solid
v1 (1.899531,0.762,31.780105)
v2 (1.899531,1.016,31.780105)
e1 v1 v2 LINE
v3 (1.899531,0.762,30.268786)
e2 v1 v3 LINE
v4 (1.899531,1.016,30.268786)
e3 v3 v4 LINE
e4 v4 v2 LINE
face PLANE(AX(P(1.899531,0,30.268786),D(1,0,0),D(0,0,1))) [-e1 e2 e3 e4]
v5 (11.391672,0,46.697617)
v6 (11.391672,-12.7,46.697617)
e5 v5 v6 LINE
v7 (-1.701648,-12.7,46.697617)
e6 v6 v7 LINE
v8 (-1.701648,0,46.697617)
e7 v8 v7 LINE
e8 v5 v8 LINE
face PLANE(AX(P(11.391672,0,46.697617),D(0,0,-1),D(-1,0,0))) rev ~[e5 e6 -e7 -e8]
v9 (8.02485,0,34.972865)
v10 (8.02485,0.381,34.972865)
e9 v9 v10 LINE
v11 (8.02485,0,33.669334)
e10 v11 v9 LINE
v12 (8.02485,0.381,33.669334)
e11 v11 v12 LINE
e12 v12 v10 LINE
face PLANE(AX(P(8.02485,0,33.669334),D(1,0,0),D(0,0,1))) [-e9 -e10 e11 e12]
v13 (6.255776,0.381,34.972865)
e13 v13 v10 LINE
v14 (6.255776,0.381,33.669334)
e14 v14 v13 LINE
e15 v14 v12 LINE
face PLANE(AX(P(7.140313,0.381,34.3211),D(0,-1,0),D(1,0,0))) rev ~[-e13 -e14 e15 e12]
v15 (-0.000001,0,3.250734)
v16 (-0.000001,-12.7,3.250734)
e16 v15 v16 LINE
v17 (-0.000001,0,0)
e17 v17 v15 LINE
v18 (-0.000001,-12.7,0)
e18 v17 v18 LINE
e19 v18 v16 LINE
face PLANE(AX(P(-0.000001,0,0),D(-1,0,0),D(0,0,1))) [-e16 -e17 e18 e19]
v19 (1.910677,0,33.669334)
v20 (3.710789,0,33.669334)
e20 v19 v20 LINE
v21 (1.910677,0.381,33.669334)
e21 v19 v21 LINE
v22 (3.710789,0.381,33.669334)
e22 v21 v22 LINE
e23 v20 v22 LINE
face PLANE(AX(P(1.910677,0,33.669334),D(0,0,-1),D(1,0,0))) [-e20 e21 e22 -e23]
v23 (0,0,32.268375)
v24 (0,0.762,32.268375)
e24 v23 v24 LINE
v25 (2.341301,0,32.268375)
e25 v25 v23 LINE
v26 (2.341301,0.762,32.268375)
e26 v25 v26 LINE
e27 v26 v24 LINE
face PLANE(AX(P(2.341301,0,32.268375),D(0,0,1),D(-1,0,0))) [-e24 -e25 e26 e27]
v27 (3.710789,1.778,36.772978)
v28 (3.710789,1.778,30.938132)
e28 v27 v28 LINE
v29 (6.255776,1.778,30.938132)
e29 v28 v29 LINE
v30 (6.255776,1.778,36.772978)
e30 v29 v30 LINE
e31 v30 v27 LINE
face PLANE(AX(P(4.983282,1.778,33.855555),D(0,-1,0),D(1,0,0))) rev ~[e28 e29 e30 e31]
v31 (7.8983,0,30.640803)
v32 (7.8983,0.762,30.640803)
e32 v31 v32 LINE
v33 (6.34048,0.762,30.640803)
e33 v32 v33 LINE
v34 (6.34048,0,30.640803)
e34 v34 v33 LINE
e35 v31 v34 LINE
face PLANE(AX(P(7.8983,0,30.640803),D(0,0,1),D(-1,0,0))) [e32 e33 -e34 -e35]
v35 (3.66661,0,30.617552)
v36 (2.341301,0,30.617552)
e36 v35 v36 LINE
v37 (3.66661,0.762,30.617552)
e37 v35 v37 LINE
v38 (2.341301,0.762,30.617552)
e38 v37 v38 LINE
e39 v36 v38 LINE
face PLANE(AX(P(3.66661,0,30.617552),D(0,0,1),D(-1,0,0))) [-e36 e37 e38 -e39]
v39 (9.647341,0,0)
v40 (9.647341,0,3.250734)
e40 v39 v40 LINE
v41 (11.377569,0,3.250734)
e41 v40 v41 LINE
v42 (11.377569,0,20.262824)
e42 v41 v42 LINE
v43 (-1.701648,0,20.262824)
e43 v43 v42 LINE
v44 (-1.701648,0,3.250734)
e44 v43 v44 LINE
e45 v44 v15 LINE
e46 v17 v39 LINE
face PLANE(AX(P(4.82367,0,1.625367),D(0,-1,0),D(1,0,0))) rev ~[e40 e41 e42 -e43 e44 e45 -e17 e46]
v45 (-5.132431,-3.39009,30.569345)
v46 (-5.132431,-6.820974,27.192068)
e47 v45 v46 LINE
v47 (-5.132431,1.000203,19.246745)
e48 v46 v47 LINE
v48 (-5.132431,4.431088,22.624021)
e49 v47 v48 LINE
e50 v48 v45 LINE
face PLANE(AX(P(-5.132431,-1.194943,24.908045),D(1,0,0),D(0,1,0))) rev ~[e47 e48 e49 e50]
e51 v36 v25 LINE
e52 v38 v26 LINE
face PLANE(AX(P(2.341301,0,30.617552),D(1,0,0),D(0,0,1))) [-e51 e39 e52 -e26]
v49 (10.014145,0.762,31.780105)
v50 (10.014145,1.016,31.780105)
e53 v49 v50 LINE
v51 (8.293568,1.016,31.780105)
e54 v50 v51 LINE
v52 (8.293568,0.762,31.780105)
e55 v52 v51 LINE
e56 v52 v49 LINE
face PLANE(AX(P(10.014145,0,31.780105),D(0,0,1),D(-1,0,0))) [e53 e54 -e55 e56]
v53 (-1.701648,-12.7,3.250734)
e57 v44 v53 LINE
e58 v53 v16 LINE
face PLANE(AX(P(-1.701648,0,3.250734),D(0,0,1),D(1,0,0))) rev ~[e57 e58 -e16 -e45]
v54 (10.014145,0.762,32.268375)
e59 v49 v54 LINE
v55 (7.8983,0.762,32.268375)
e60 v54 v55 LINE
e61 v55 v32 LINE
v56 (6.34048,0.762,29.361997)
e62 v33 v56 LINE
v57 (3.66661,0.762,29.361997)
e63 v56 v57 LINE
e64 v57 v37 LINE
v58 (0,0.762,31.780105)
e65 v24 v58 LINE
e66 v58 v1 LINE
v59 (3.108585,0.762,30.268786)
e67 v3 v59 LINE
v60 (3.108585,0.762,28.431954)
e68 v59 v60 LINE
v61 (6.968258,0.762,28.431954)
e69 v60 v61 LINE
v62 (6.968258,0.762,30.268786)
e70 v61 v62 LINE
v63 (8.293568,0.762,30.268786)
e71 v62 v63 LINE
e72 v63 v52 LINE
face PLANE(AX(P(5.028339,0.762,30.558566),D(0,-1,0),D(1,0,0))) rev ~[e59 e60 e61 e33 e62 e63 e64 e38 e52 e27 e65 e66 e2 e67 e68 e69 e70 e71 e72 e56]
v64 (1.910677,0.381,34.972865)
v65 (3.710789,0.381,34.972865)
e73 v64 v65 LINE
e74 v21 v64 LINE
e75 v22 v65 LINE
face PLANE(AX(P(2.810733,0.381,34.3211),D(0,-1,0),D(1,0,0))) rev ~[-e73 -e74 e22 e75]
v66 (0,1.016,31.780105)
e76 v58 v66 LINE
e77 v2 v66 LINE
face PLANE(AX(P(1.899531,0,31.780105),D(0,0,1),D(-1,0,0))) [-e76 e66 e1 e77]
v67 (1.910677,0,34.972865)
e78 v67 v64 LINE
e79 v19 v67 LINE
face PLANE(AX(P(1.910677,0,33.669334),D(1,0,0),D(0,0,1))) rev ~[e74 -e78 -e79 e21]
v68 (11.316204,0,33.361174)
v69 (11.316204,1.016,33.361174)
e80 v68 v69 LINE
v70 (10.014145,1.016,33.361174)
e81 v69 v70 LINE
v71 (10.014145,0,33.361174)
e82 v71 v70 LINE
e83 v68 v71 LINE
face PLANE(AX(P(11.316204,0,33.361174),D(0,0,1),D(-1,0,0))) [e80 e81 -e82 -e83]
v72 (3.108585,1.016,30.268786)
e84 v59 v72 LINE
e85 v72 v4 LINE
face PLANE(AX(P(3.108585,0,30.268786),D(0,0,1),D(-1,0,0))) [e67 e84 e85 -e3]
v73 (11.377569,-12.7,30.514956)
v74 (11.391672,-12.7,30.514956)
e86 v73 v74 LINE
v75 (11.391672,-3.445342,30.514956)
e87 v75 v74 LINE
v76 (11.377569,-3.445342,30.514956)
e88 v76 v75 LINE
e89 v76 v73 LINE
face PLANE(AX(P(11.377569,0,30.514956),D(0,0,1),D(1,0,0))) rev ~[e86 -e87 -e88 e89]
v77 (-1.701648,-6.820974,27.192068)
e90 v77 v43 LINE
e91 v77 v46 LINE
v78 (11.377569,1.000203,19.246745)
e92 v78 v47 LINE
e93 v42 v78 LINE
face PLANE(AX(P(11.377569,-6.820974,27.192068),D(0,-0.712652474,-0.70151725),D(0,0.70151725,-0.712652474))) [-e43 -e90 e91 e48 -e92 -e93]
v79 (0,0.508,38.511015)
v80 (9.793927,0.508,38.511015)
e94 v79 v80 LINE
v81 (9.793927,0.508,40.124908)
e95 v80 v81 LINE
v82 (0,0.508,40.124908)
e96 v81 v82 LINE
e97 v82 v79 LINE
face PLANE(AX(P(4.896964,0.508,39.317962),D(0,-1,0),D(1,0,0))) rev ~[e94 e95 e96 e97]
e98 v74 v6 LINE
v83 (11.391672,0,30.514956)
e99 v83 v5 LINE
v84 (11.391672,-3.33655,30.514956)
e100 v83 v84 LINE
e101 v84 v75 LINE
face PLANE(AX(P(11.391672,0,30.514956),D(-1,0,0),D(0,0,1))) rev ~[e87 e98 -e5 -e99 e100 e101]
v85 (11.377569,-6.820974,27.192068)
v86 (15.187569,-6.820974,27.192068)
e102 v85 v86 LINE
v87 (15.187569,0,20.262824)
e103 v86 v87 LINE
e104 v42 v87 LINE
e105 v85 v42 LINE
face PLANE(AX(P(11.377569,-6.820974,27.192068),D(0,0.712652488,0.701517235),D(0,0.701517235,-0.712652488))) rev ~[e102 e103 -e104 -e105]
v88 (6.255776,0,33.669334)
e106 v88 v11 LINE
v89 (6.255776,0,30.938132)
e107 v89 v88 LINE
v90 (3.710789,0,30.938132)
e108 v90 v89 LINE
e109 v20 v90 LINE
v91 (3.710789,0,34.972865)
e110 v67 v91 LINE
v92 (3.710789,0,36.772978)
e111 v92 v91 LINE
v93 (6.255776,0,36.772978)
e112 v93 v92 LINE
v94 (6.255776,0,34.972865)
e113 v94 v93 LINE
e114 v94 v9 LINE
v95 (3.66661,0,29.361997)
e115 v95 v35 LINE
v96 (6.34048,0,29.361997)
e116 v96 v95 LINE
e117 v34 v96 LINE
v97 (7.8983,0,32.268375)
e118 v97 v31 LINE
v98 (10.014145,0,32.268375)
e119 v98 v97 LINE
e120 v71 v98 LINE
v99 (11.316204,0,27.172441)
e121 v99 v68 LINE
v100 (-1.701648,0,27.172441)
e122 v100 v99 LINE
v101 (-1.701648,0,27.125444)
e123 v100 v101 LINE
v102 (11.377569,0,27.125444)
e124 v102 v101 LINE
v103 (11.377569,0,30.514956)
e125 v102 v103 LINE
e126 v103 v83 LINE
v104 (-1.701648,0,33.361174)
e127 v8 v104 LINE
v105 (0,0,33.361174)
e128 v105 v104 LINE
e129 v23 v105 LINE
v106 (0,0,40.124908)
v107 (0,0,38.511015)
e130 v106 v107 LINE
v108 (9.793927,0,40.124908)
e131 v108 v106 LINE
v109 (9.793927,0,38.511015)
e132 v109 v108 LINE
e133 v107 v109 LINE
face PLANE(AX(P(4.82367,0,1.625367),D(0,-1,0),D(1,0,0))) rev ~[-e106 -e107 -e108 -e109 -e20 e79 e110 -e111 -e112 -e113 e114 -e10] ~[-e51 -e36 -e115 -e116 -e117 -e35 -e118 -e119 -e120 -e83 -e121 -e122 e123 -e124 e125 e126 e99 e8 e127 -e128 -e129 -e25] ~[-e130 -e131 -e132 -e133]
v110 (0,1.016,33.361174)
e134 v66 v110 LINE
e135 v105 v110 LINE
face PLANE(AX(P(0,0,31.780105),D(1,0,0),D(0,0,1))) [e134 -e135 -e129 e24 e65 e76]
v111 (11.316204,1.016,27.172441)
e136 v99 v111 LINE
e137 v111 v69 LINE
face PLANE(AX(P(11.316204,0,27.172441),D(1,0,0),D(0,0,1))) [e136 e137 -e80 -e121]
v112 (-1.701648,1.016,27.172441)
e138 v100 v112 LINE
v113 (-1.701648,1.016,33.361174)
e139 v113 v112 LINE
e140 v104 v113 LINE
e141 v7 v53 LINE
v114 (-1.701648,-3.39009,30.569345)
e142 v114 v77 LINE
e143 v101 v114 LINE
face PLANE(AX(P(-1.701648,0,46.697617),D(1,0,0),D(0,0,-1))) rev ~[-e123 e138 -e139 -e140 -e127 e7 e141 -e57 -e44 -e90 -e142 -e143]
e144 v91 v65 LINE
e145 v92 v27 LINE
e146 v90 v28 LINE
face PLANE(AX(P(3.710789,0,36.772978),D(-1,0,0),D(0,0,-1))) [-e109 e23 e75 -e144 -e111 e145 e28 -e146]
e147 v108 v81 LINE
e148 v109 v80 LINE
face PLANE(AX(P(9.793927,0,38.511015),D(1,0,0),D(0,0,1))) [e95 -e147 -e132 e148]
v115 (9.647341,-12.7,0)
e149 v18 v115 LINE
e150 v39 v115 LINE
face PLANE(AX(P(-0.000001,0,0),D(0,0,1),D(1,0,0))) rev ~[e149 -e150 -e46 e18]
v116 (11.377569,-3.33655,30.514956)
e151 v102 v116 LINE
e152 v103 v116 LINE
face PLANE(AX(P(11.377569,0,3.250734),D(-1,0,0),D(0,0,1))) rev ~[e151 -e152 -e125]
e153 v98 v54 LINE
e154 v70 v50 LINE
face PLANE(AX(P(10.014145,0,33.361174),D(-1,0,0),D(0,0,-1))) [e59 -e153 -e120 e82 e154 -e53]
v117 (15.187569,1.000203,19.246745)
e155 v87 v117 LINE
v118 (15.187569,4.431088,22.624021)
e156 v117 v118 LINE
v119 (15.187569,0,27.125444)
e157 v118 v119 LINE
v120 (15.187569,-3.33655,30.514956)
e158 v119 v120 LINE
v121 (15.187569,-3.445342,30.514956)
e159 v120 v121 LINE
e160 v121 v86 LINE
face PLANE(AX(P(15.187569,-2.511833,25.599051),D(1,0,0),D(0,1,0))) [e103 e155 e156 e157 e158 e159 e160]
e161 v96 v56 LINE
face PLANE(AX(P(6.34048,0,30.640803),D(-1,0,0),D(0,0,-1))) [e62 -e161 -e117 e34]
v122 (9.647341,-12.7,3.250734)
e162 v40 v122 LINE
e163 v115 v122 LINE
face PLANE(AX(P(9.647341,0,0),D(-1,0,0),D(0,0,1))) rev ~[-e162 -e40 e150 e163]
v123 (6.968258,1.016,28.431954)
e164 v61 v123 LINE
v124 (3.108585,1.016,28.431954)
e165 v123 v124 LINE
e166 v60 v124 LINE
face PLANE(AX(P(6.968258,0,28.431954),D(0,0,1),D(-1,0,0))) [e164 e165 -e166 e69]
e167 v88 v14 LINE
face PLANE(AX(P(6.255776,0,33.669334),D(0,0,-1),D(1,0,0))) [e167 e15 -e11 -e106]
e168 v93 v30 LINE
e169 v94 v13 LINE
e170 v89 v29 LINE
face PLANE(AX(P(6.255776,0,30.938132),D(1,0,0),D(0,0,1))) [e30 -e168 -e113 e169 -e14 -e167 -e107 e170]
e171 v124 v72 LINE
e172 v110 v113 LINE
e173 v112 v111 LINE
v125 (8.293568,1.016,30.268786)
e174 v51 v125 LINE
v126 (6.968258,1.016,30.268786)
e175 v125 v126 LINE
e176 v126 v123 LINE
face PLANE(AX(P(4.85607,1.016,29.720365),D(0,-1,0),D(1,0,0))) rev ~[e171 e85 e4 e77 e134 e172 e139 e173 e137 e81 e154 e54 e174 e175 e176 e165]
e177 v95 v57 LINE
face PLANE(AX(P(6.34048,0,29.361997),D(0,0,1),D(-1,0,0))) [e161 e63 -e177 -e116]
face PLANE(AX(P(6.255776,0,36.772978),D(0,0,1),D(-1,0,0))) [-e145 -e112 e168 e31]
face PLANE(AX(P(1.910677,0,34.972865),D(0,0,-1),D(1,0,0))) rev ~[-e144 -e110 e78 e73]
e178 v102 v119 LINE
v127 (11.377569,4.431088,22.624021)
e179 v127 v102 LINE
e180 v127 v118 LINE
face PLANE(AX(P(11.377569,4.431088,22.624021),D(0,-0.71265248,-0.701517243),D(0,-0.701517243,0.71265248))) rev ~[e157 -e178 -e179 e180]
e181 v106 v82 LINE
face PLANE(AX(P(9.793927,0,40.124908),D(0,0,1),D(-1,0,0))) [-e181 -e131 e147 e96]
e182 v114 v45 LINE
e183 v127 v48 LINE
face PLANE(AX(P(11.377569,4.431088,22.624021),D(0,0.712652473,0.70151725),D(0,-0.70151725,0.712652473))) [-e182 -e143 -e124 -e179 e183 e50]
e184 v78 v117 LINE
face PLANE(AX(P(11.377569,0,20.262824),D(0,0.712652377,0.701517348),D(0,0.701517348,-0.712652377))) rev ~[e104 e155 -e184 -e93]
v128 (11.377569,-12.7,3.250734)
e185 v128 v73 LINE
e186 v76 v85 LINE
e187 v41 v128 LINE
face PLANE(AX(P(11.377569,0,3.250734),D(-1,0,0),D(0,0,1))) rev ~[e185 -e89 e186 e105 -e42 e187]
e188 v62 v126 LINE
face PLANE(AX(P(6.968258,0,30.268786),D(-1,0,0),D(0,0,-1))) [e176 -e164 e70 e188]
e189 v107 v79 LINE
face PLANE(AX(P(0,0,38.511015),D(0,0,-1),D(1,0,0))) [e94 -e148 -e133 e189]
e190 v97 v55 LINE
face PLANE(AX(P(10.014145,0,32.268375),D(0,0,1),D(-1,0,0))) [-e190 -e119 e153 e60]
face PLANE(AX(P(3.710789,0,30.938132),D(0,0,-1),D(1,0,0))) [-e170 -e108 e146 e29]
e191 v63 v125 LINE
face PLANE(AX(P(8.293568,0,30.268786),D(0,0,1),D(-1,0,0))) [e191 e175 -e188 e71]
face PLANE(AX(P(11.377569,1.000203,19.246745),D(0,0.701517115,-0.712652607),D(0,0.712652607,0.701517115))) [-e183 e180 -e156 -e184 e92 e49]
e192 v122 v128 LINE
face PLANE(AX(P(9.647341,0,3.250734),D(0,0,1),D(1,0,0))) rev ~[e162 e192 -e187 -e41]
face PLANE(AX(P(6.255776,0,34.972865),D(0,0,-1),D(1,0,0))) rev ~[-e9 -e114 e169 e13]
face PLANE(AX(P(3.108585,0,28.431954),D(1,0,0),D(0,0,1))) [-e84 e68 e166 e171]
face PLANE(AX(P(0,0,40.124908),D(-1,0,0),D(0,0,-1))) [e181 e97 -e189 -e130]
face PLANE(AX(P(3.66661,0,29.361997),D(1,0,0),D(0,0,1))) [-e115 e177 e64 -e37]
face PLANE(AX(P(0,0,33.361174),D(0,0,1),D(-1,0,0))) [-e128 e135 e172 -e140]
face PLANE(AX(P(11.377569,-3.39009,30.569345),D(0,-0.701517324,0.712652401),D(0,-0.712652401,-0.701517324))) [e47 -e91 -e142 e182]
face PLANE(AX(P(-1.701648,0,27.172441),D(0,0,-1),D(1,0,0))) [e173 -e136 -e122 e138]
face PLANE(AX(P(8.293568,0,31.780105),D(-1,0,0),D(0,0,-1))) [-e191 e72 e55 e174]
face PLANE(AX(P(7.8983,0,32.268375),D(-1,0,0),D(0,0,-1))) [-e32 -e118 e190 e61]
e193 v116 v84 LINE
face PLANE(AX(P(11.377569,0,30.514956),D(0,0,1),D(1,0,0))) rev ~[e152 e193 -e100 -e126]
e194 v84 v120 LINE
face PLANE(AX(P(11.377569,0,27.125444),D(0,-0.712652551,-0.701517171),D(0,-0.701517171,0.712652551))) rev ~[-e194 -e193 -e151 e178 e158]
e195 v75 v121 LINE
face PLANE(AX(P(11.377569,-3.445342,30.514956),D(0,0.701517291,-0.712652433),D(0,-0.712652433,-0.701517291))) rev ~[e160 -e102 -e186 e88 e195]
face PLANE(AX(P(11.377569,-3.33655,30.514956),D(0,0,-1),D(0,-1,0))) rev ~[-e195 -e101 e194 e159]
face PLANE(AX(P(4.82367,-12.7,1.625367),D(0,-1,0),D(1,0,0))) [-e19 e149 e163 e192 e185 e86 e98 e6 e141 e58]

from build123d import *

# Parameters (mm, degrees)
F0_W      = 9.647341
F0_H      = 3.250734
F2_DEPTH  = 12.7
F4_DEPTH  = 1.778
F5_DEPTH  = 0.508
F1_W      = 1.800112
F1_H      = 1.303531
F6_DEPTH  = 0.381
F1_W_2    = 1.769075
F7_DEPTH  = 0.381
F9_DEPTH  = 3.81
F10_DEPTH = 16.51
F12_DEPTH = 1.016
F13_DEPTH = 0.762


with BuildPart() as f2:
    # F0 (on Front) → F2 (new body)
    with BuildSketch(Plane.XZ):
        with Locations((4.82367, 1.625367)):
            Rectangle(F0_W, F0_H)
        Polygon((-1.701648, 3.250734), (0, 3.250734), (9.647341, 3.250734), (11.377569, 3.250734), (11.377569, 30.514956), (11.391672, 30.514956), (11.391672, 46.697617), (-1.701648, 46.697617), (-1.701648, 30.514956), align=None)
    extrude(amount=F2_DEPTH)

    # F1 (on face) → F4 (join)
    with BuildSketch(Plane.XZ):
        Polygon((3.710789, 33.669334), (3.710789, 30.938132), (6.255776, 30.938132), (6.255776, 33.669334), (6.255776, 34.972865), (6.255776, 36.772978), (3.710789, 36.772978), (3.710789, 34.972865), align=None)
    extrude(amount=-F4_DEPTH)

    # F1 (on face) → F5 (join)
    with BuildSketch(Plane.XZ):
        Polygon((1.855394, 38.511015), (3.710789, 38.511015), (6.255776, 38.511015), (8.024851, 38.511015), (9.793927, 38.511015), (9.793927, 40.124908), (0, 40.124908), (0, 38.511015), align=None)
    extrude(amount=-F5_DEPTH)

    # F1 (on face) → F6 (join)
    with BuildSketch(Plane.XZ):
        with Locations((2.810733, 34.3211)):
            Rectangle(F1_W, F1_H)
    extrude(amount=-F6_DEPTH)

    # F1 (on face) → F7 (join)
    with BuildSketch(Plane.XZ):
        with Locations((7.140313, 34.3211)):
            Rectangle(F1_W_2, F1_H)
    extrude(amount=-F7_DEPTH)

    # F8 (on face) → F9 (join)
    with BuildSketch(Plane.YZ.offset(11.377569)):
        Polygon((0, 27.125444), (-3.33655, 30.514956), (-3.445342, 30.514956), (-6.820974, 27.192068), (0, 20.262824), align=None)
        Polygon((4.431088, 22.624021), (0, 27.125444), (0, 20.262824), (1.000203, 19.246745), align=None)
    extrude(amount=F9_DEPTH)

    # F8 (on face) → F10 (join)
    with BuildSketch(Plane.YZ.offset(11.377569)):
        Polygon((4.431088, 22.624021), (-3.39009, 30.569345), (-6.820974, 27.192068), (1.000203, 19.246745), align=None)
    extrude(amount=-F10_DEPTH)

    # F11 (on face) → F12 (join)
    with BuildSketch(Plane.XZ):
        Polygon((0, 33.361174), (-1.701648, 33.361174), (-1.701648, 30.514956), (-1.701648, 27.172441), (11.316204, 27.172441), (11.316204, 33.361174), (10.014145, 33.361174), (10.014145, 32.268375), (10.014145, 31.780105), (8.293568, 31.780105), (8.293568, 30.268786), (6.968258, 30.268786), (6.968258, 28.431954), (3.108585, 28.431954), (3.108585, 30.268786), (1.899531, 30.268786), (1.899531, 31.780105), (0, 31.780105), (0, 32.268375), align=None)
    extrude(amount=-F12_DEPTH)

    # F11 (on face) → F13 (join)
    with BuildSketch(Plane.XZ):
        Polygon((2.341301, 32.268375), (0, 32.268375), (0, 31.780105), (1.899531, 31.780105), (1.899531, 30.268786), (3.108585, 30.268786), (3.108585, 28.431954), (6.968258, 28.431954), (6.968258, 30.268786), (8.293568, 30.268786), (8.293568, 31.780105), (10.014145, 31.780105), (10.014145, 32.268375), (7.8983, 32.268375), (7.8983, 30.640803), (6.34048, 30.640803), (6.34048, 29.361997), (3.66661, 29.361997), (3.66661, 30.617552), (2.341301, 30.617552), align=None)
    extrude(amount=-F13_DEPTH)


solid = f2.part
